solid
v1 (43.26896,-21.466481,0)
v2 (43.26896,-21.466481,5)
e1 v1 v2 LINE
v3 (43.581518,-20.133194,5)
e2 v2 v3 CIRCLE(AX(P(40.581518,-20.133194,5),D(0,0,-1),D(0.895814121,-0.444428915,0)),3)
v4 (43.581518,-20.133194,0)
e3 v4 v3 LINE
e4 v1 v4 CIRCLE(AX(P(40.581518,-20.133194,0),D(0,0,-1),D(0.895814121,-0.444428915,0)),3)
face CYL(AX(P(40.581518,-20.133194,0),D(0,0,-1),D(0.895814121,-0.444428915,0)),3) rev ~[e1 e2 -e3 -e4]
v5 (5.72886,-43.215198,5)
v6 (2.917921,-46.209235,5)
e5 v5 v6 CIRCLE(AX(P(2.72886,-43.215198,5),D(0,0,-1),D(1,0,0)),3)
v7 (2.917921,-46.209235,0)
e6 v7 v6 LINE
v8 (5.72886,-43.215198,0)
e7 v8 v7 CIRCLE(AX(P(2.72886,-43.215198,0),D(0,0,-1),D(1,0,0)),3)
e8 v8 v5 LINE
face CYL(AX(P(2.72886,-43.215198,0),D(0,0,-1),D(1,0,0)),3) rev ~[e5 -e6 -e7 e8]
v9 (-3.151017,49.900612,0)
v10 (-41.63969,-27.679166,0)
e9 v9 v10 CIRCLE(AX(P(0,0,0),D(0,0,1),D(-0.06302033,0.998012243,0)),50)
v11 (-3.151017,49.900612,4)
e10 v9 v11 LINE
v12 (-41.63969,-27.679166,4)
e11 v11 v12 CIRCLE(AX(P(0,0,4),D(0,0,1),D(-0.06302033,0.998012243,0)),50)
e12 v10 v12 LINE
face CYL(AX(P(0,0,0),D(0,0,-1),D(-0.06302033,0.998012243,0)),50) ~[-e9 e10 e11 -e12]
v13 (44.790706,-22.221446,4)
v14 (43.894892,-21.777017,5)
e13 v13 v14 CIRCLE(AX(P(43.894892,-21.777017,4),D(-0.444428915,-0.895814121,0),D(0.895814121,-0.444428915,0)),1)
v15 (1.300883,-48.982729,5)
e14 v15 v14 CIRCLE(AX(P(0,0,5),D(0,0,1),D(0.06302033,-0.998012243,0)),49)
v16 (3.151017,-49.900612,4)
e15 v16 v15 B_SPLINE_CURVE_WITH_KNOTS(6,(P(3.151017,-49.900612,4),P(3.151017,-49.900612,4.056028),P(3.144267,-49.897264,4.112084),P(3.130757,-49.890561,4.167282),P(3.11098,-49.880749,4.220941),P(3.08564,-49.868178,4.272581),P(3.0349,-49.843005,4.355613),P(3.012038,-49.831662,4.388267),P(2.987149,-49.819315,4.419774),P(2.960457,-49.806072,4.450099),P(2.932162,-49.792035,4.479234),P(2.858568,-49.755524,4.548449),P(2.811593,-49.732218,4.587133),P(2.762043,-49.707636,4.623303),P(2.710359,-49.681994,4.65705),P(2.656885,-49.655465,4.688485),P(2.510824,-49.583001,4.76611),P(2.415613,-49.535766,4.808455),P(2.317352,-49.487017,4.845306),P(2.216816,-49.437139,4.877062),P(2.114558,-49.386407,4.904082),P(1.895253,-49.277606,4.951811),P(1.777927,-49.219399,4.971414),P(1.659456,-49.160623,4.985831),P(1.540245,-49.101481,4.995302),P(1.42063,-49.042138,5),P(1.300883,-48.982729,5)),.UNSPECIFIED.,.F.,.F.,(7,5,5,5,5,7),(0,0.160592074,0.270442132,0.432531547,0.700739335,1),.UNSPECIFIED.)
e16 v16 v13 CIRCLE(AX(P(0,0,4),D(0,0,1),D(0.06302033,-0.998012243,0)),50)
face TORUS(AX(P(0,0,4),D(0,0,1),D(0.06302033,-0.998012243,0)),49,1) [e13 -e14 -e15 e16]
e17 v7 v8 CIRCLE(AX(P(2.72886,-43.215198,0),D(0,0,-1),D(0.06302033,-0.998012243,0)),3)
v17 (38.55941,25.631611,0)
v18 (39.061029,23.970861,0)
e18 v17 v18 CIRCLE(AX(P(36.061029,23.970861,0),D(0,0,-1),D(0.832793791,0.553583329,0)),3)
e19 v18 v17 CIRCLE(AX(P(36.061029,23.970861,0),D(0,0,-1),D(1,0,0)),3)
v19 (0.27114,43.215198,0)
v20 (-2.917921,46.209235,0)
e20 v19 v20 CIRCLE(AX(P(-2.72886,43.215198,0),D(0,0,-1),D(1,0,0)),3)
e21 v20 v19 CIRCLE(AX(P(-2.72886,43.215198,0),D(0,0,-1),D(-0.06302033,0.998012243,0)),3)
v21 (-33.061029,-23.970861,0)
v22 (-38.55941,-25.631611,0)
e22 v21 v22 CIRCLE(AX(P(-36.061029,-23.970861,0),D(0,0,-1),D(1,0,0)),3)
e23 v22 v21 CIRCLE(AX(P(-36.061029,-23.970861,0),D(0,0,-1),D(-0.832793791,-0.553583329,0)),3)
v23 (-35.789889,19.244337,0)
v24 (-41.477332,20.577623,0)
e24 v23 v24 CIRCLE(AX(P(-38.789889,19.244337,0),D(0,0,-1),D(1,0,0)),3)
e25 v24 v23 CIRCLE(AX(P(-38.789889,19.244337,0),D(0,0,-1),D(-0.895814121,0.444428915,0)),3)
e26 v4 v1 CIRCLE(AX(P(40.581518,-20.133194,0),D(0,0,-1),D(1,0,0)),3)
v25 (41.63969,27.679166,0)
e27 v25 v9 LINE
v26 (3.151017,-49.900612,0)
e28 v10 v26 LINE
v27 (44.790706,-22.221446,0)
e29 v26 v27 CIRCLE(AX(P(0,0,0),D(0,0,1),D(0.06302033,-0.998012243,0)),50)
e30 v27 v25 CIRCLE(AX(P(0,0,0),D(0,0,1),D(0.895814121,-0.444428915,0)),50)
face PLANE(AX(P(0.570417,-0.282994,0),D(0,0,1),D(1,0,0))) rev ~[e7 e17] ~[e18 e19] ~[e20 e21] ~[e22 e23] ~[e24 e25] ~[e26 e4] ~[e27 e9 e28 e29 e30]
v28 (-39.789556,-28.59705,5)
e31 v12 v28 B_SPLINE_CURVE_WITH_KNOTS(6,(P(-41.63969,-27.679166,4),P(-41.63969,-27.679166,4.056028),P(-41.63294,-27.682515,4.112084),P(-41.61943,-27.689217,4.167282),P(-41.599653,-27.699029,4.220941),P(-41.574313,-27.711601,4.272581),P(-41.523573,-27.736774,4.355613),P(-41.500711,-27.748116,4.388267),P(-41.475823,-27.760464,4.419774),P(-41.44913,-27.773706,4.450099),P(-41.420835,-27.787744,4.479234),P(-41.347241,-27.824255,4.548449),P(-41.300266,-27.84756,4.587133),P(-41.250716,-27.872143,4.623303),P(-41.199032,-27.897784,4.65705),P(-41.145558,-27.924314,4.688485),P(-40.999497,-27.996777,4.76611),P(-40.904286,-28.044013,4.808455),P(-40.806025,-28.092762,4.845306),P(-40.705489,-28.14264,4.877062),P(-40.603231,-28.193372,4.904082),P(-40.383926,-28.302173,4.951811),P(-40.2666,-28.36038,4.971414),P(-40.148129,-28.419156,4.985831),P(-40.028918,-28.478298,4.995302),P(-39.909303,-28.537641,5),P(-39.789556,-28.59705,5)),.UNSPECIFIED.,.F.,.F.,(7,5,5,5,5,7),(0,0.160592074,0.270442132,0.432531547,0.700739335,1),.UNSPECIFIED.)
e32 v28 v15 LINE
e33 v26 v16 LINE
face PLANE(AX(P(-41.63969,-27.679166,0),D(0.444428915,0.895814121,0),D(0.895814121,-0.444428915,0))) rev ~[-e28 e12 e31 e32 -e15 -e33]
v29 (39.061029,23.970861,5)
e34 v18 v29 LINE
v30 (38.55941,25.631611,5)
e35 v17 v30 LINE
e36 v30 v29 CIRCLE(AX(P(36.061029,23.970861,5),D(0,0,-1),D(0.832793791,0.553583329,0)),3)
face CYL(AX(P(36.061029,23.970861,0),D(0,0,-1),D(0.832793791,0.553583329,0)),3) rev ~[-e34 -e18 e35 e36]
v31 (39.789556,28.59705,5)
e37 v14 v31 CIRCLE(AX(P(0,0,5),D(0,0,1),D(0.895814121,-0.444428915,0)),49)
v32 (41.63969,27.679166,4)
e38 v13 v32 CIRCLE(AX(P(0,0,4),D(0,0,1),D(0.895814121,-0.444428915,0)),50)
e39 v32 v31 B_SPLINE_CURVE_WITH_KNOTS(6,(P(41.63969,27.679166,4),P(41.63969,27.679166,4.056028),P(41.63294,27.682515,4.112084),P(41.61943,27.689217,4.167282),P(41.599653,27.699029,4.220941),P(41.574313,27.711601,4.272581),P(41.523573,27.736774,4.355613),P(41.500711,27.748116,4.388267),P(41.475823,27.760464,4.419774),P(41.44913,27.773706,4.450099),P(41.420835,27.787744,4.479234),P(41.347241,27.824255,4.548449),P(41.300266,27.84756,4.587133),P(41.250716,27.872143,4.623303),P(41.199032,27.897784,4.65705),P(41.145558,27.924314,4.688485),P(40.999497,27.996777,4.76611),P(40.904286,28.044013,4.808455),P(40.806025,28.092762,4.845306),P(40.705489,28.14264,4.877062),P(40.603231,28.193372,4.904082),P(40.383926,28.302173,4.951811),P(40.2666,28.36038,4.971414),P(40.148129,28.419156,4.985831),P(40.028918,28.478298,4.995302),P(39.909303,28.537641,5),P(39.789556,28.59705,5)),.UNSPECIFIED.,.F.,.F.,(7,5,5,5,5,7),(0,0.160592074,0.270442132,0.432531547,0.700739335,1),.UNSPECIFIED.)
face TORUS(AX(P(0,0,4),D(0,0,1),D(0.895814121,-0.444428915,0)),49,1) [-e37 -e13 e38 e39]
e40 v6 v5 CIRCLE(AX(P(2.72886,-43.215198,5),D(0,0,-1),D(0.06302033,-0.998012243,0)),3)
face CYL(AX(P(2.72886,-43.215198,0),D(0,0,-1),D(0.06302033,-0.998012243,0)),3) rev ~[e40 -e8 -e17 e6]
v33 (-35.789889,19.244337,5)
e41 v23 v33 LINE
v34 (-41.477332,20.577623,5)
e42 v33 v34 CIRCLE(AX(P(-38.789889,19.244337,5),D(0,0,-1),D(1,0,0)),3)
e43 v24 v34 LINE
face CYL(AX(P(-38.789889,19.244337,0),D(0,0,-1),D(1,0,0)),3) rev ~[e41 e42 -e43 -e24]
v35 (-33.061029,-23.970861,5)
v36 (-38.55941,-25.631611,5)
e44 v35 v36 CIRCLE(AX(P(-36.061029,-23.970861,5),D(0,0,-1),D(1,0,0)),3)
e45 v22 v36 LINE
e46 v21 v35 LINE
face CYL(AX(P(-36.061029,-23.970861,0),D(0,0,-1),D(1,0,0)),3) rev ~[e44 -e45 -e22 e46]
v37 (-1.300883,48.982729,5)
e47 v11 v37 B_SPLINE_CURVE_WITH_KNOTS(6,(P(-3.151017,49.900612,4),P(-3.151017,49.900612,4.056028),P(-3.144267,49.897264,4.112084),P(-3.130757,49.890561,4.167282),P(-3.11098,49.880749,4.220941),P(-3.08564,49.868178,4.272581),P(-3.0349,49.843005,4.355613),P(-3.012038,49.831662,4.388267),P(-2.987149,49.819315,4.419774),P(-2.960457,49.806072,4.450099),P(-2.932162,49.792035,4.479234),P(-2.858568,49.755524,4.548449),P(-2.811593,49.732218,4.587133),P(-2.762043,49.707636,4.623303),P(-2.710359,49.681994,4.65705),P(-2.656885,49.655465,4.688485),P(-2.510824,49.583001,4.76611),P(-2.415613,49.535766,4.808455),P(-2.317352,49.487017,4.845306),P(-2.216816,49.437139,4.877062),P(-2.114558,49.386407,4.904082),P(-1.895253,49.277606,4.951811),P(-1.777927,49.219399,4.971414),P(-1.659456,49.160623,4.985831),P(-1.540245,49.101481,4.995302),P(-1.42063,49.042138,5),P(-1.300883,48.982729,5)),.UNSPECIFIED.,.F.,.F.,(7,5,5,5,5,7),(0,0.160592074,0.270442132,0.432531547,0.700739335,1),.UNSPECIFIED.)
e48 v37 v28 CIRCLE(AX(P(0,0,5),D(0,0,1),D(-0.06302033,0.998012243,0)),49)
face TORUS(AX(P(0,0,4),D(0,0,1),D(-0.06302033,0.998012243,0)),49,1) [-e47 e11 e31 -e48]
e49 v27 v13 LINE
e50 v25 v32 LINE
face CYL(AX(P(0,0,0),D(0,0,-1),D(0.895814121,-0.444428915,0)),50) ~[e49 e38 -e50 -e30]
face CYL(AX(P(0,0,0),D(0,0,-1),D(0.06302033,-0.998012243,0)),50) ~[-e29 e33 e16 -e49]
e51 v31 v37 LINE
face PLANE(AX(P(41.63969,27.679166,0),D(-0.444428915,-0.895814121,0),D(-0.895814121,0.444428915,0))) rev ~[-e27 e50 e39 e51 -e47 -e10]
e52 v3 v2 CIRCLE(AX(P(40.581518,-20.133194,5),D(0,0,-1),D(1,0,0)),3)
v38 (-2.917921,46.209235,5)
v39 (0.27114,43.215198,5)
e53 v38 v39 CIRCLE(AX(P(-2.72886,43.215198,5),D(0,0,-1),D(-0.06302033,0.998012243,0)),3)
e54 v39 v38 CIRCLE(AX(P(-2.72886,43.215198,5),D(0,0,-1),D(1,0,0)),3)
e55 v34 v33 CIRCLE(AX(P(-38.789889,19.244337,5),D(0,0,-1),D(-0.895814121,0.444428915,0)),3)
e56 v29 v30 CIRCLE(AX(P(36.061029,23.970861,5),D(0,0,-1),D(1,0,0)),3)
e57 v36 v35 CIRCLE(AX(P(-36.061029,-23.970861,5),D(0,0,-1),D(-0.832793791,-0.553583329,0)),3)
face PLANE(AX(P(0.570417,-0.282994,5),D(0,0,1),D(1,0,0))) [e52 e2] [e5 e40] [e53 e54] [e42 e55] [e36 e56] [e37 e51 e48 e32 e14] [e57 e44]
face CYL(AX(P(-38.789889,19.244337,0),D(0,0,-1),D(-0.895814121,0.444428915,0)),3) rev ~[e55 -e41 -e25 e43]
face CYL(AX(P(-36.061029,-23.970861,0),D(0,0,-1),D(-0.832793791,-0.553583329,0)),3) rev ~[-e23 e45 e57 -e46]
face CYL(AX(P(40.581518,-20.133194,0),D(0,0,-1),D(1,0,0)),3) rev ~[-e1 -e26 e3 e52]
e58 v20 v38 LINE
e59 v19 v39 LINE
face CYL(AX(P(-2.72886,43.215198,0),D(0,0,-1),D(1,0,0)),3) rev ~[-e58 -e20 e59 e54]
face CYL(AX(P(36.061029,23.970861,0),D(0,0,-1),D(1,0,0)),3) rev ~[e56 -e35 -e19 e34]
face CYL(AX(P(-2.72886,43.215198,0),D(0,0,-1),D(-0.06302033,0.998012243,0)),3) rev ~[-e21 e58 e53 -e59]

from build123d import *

# Parameters (mm, degrees)
F1_DEPTH = 5
F2_R     = 1


with BuildPart() as f1:
    # F0 (on Top) → F1 (new body)
    with BuildSketch(Plane.XY):
        with BuildLine():
            Line((41.6396895486, 27.6791664307), (-3.1510165103, 49.9006121701))
            ThreePointArc((-3.1510165103, 49.9006121701), (-44.7907060588, 22.2214457394), (-41.6396895486, -27.6791664307))
            Line((-41.6396895486, -27.6791664307), (3.1510165103, -49.9006121701))
            ThreePointArc((3.1510165103, -49.9006121701), (27.6791664307, -41.6396895486), (44.7907060588, -22.2214457394))
            ThreePointArc((44.7907060588, -22.2214457394), (49.9006121701, 3.1510165103), (41.6396895486, 27.6791664307))
        make_face()
        with BuildLine():
            ThreePointArc((-33.0610289548, -23.9708612845), (-35.1936029115, -26.8427199265), (-38.5594103277, -25.6316112704))
            ThreePointArc((-38.5594103277, -25.6316112704), (-36.9284549981, -21.0990026426), (-33.0610289548, -23.9708612845))
        make_face(mode=Mode.SUBTRACT)
        with BuildLine():
            ThreePointArc((5.7288603456, -43.2151978037), (4.916002656, -45.2685873221), (2.9179213362, -46.2092345339))
            ThreePointArc((2.9179213362, -46.2092345339), (0.5417180352, -41.1618082854), (5.7288603456, -43.2151978037))
        make_face(mode=Mode.SUBTRACT)
        with BuildLine():
            ThreePointArc((43.5815175428, -20.1331943487), (43.5023331044, -20.8179106803), (43.2689599063, -21.4664810931))
            ThreePointArc((43.2689599063, -21.4664810931), (37.6607019811, -19.4484780172), (43.5815175428, -20.1331943487))
        make_face(mode=Mode.SUBTRACT)
        with BuildLine():
            ThreePointArc((-41.4773316639, 20.5776232635), (-38.1051729688, 22.1651520808), (-35.7898893004, 19.2443365192))
            ThreePointArc((-35.7898893004, 19.2443365192), (-39.474605632, 16.3235209575), (-41.4773316639, 20.5776232635))
        make_face(mode=Mode.SUBTRACT)
        with BuildLine():
            ThreePointArc((0.2711396544, 43.2151978037), (-4.782249864, 41.0280554933), (-2.9179213362, 46.2092345339))
            ThreePointArc((-2.9179213362, 46.2092345339), (-0.6754708273, 45.4023401141), (0.2711396544, 43.2151978037))
        make_face(mode=Mode.SUBTRACT)
        with BuildLine():
            ThreePointArc((39.0610289548, 23.9708612845), (33.1891703128, 23.1034352412), (38.5594103277, 25.6316112704))
            ThreePointArc((38.5594103277, 25.6316112704), (38.9328875967, 24.8382873279), (39.0610289548, 23.9708612845))
        make_face(mode=Mode.SUBTRACT)
    extrude(amount=F1_DEPTH)

    # F2
    f2_edges = [f1.edges().sort_by_distance(p)[0] for p in [
        (-44.790706, 22.221446, 5),
        (44.790706, -22.221446, 5),
    ]]
    fillet(f2_edges, radius=F2_R)


solid = f1.part
